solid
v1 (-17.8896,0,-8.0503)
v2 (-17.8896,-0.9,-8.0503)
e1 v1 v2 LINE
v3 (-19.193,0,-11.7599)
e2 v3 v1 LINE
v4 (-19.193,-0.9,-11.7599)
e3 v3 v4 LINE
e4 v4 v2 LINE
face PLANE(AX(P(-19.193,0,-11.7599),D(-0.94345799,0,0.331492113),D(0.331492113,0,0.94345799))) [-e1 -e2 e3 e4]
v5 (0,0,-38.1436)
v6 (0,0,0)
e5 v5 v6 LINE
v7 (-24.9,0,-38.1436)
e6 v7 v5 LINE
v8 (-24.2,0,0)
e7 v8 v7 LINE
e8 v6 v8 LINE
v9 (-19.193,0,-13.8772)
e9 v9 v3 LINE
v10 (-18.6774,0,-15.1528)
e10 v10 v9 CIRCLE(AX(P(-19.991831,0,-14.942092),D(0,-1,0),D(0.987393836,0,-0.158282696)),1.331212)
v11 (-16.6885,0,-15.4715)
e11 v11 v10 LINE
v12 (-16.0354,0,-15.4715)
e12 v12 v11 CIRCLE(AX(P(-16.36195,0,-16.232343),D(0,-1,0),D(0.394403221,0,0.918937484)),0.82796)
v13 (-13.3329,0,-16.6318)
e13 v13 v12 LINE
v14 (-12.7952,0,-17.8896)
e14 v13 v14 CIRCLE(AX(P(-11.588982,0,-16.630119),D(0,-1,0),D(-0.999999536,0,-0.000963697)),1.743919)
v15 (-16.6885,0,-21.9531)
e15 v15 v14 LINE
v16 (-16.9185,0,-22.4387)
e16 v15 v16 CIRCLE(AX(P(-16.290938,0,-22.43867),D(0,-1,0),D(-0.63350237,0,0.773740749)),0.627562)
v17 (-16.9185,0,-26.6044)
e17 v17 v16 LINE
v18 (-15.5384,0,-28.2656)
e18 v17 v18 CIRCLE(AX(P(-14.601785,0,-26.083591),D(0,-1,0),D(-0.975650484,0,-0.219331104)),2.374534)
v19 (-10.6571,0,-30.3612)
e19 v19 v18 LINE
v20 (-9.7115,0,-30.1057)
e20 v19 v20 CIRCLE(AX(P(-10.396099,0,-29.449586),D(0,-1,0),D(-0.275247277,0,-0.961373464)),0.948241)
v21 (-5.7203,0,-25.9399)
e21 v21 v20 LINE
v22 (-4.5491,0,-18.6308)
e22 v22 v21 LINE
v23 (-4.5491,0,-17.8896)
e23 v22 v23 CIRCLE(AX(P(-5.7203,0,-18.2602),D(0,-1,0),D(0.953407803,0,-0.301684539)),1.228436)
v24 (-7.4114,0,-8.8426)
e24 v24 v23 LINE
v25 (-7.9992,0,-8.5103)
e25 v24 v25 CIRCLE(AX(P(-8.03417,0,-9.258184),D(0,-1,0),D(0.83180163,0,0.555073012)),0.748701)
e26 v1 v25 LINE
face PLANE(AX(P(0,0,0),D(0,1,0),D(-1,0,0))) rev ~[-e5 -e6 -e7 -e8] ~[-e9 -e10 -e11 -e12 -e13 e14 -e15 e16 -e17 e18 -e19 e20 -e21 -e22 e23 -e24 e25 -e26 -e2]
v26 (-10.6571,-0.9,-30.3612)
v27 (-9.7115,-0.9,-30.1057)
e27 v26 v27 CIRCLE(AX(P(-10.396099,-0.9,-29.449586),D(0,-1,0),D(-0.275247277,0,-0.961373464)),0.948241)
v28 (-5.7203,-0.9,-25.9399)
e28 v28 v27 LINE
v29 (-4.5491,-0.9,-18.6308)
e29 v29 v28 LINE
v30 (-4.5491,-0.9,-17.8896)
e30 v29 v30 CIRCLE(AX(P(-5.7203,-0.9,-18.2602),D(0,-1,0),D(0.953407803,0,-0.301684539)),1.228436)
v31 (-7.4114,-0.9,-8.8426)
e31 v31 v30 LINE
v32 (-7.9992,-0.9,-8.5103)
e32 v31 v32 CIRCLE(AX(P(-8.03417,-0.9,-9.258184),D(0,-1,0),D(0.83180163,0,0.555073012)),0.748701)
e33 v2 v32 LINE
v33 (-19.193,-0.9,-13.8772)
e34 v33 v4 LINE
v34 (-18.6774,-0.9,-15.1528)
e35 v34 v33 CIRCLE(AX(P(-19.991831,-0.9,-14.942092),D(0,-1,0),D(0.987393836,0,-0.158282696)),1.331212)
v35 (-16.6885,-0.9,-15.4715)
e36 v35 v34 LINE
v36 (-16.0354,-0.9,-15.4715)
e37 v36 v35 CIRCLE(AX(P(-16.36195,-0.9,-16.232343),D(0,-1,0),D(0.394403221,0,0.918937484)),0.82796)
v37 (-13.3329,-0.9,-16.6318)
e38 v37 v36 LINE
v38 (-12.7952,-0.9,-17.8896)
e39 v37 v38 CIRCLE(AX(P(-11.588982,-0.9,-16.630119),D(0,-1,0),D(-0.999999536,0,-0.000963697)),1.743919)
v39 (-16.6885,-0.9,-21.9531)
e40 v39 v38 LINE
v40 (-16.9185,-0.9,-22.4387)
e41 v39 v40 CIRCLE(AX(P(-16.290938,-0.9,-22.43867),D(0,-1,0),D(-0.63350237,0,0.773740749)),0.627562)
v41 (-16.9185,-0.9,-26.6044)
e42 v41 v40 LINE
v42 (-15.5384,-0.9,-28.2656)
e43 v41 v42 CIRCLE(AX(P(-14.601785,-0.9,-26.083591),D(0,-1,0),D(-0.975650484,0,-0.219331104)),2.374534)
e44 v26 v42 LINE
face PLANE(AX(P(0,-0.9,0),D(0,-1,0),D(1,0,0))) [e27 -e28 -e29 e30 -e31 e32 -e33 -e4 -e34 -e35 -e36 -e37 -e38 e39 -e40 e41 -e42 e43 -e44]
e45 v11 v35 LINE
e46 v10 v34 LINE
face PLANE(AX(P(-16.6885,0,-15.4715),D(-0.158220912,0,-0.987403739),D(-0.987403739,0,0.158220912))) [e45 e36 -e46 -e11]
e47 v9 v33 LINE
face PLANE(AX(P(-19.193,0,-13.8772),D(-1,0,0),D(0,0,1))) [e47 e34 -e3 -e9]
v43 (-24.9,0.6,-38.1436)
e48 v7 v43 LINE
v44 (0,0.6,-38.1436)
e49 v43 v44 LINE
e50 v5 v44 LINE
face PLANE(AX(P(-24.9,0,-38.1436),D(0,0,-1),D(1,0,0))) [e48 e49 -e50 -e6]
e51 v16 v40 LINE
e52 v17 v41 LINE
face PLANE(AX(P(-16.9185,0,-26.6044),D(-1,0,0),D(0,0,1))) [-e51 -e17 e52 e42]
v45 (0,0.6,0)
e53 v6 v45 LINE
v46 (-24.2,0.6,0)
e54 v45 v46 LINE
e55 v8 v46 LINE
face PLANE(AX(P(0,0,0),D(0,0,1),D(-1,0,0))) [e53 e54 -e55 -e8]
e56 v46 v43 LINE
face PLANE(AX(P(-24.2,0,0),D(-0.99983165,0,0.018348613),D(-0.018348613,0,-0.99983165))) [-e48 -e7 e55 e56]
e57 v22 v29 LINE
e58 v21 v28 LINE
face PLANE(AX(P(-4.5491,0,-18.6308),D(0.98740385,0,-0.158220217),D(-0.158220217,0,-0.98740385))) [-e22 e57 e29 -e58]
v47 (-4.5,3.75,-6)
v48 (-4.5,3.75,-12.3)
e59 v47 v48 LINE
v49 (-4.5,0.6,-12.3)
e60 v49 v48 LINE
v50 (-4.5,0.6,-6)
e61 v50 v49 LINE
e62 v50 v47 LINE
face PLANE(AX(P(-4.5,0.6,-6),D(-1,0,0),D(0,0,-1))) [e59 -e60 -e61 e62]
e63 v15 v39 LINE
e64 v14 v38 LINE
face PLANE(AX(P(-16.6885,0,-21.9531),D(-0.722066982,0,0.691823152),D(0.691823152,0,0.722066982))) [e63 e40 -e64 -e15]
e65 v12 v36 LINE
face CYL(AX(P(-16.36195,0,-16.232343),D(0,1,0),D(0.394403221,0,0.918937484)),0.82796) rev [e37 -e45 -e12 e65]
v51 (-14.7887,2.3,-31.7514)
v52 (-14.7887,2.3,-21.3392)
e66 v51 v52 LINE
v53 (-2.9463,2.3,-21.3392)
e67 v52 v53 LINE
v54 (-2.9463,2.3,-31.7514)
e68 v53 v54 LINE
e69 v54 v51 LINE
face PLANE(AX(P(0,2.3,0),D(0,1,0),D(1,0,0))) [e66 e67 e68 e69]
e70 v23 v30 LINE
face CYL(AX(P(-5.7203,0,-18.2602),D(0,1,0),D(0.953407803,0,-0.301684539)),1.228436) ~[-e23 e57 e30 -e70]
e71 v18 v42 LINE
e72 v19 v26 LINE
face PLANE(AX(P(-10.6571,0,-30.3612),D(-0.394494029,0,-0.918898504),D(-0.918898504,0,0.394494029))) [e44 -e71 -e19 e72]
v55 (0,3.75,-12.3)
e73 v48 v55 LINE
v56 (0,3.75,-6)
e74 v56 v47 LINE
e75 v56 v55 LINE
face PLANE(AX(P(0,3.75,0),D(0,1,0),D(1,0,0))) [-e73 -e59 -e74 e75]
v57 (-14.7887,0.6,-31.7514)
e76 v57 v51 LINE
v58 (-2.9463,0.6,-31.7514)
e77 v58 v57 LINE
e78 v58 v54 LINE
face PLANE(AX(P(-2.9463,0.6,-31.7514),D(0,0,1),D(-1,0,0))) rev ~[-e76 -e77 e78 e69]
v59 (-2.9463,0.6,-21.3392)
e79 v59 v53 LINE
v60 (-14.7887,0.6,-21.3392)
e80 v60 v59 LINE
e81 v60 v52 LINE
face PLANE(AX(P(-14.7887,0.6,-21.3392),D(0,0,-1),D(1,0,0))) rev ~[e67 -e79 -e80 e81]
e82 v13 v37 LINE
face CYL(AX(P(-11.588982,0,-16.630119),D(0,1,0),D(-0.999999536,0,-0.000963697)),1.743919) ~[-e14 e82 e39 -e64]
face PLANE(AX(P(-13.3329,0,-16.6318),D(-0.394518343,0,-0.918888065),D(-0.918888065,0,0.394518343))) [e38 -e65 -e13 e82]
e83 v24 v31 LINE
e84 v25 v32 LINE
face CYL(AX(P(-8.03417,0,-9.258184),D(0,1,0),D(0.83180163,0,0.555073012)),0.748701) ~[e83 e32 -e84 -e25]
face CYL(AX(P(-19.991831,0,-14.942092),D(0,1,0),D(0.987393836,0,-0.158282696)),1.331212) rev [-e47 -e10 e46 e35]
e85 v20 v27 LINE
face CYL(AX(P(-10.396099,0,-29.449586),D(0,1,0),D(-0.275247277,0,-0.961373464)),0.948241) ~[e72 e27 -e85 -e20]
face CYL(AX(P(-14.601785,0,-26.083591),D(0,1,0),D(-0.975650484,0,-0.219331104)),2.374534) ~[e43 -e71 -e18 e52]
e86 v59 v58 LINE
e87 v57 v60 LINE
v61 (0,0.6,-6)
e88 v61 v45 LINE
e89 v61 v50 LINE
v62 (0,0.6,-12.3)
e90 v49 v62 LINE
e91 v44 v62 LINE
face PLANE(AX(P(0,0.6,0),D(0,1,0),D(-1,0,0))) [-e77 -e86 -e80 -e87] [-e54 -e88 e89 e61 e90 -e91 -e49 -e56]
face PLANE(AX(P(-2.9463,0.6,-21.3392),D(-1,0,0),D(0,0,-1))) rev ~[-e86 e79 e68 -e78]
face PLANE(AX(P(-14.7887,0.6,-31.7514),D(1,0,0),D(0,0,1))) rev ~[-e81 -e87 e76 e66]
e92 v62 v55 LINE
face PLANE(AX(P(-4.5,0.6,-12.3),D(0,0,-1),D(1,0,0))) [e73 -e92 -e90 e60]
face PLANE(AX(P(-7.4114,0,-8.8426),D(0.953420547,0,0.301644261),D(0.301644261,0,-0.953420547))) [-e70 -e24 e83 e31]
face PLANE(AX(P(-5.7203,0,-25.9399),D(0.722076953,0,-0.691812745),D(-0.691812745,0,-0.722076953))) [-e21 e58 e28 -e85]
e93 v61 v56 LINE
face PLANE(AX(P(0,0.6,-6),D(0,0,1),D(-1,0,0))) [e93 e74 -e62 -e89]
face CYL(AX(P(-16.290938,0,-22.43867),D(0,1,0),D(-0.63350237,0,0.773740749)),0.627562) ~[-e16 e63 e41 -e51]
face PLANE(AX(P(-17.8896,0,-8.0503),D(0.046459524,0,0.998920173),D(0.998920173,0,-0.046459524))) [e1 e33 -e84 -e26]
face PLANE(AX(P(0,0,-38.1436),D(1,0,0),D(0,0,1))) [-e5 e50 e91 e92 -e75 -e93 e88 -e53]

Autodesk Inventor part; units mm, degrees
ref_plane "YZ Plane" through (0, 0, 0) normal (1, 0, 0) x (0, 1, 0)
ref_plane "XZ Plane" through (0, 0, 0) normal (0, 1, 0) x (-1, 0, 0)
ref_plane "XY Plane" through (0, 0, 0) normal (0, 0, 1) x (1, 0, 0)
sketch "Sketch1" plane through (0, 0, 0) normal (0, 1, 0) x (-1, 0, 0)
  line L0 (0, 0) -> (24.2, 0)
  line L1 (24.2, 0) -> (24.9, -38.1436)
  line L2 (24.9, -38.1436) -> (0, -38.1436)
  line L3 (0, -38.1436) -> (0, 0)
  dimension "d0" = 38.15
  dimension "d1" = 24.9
  dimension "d2" = 24.2
extrude "Extrusion1" add sketch "Sketch1" along normal blind 0.6
sketch "Sketch2" plane through (0, 0.6, 0) normal (0, 1, 0) x (1, 0, 0)
  line L0 (0, 38.1436) -> (-24.9, 38.1436) projected
  line L1 (-24.9, 38.1436) -> (-24.2, 0) projected
  line L2 (-24.2, 0) -> (0, 0) projected
  line L3 (0, 0) -> (0, 38.1436) projected
  line L4 (0, 6) -> (-4.5, 6)
  line L5 (-4.5, 6) -> (-4.5, 12.3)
  line L6 (-4.5, 12.3) -> (0, 12.3)
  line L7 (0, 12.3) -> (0, 6)
  point P0 (0, 12.3)
  dimension "d5" = 4.5
  dimension "d6" = 6.3
  dimension "d7" = 6
  dimension "d8" = 25.8436
extrude "Extrusion2" add sketch "Sketch2" along normal blind 3.15 contours L3 L4 L5 L6
sketch "Sketch3" plane through (0, 0.6, 0) normal (0, 1, 0) x (1, 0, 0)
  line L0 (-14.7887, 21.3392) -> (-2.9463, 21.3392)
  line L1 (-2.9463, 21.3392) -> (-2.9463, 31.7514)
  line L2 (-2.9463, 31.7514) -> (-14.7887, 31.7514)
  line L3 (-14.7887, 31.7514) -> (-14.7887, 21.3392)
  point P0 (0, 0)
extrude "Extrusion3" add sketch "Sketch3" along normal blind 1.7
sketch "Sketch4" plane through (0, 0, 0) normal (0, -1, 0) x (1, 0, 0)
  line L0 (-17.8896, -8.0503) -> (-7.9992, -8.5103)
  arc A0 (-7.4114, -8.8426) -> (-7.9992, -8.5103) centre (-8.034, -9.258) ccw
  line L1 (-7.4114, -8.8426) -> (-4.5491, -17.8896)
  arc A1 (-4.5491, -18.6308) -> (-4.5491, -17.8896) centre (-5.7203, -18.2602) ccw
  line L2 (-4.5491, -18.6308) -> (-5.7203, -25.9399)
  arc A2 (-5.7203, -25.9399) -> (-5.7203, -25.9399) centre (-3.4138, -26.3096) ccw
  line L3 (-5.7203, -25.9399) -> (-9.7115, -30.1057)
  arc A3 (-10.6571, -30.3612) -> (-9.7115, -30.1057) centre (-10.3961, -29.4497) ccw
  line L4 (-10.6571, -30.3612) -> (-15.5384, -28.2656)
  arc A4 (-16.9185, -26.6044) -> (-15.5384, -28.2656) centre (-14.6016, -26.0835) ccw
  line L5 (-16.9185, -26.6044) -> (-16.9185, -22.4387)
  arc A5 (-16.6885, -21.9531) -> (-16.9185, -22.4387) centre (-16.2909, -22.4387) ccw
  line L6 (-16.6885, -21.9531) -> (-12.7952, -17.8896)
  arc A6 (-13.3329, -16.6318) -> (-12.7952, -17.8896) centre (-11.5884, -16.63) ccw
  line L7 (-13.3329, -16.6318) -> (-16.0354, -15.4715)
  arc A7 (-16.0354, -15.4715) -> (-16.6885, -15.4715) centre (-16.3619, -16.2321) ccw
  line L8 (-16.6885, -15.4715) -> (-18.6774, -15.1528)
  arc A8 (-18.6774, -15.1528) -> (-19.193, -13.8772) centre (-19.9919, -14.9421) ccw
  line L9 (-19.193, -13.8772) -> (-19.193, -11.7599)
  line L10 (-19.193, -11.7599) -> (-17.8896, -8.0503)
  point P0 (0, 0)
extrude "Extrusion4" add sketch "Sketch4" along normal blind 0.9 contours L0 A0 L1 A1 L2 L3 A3 L4 A4 L5 A5 L6 A6 L7 A7 L8 A8 L9 L10
properties part number "adc"
